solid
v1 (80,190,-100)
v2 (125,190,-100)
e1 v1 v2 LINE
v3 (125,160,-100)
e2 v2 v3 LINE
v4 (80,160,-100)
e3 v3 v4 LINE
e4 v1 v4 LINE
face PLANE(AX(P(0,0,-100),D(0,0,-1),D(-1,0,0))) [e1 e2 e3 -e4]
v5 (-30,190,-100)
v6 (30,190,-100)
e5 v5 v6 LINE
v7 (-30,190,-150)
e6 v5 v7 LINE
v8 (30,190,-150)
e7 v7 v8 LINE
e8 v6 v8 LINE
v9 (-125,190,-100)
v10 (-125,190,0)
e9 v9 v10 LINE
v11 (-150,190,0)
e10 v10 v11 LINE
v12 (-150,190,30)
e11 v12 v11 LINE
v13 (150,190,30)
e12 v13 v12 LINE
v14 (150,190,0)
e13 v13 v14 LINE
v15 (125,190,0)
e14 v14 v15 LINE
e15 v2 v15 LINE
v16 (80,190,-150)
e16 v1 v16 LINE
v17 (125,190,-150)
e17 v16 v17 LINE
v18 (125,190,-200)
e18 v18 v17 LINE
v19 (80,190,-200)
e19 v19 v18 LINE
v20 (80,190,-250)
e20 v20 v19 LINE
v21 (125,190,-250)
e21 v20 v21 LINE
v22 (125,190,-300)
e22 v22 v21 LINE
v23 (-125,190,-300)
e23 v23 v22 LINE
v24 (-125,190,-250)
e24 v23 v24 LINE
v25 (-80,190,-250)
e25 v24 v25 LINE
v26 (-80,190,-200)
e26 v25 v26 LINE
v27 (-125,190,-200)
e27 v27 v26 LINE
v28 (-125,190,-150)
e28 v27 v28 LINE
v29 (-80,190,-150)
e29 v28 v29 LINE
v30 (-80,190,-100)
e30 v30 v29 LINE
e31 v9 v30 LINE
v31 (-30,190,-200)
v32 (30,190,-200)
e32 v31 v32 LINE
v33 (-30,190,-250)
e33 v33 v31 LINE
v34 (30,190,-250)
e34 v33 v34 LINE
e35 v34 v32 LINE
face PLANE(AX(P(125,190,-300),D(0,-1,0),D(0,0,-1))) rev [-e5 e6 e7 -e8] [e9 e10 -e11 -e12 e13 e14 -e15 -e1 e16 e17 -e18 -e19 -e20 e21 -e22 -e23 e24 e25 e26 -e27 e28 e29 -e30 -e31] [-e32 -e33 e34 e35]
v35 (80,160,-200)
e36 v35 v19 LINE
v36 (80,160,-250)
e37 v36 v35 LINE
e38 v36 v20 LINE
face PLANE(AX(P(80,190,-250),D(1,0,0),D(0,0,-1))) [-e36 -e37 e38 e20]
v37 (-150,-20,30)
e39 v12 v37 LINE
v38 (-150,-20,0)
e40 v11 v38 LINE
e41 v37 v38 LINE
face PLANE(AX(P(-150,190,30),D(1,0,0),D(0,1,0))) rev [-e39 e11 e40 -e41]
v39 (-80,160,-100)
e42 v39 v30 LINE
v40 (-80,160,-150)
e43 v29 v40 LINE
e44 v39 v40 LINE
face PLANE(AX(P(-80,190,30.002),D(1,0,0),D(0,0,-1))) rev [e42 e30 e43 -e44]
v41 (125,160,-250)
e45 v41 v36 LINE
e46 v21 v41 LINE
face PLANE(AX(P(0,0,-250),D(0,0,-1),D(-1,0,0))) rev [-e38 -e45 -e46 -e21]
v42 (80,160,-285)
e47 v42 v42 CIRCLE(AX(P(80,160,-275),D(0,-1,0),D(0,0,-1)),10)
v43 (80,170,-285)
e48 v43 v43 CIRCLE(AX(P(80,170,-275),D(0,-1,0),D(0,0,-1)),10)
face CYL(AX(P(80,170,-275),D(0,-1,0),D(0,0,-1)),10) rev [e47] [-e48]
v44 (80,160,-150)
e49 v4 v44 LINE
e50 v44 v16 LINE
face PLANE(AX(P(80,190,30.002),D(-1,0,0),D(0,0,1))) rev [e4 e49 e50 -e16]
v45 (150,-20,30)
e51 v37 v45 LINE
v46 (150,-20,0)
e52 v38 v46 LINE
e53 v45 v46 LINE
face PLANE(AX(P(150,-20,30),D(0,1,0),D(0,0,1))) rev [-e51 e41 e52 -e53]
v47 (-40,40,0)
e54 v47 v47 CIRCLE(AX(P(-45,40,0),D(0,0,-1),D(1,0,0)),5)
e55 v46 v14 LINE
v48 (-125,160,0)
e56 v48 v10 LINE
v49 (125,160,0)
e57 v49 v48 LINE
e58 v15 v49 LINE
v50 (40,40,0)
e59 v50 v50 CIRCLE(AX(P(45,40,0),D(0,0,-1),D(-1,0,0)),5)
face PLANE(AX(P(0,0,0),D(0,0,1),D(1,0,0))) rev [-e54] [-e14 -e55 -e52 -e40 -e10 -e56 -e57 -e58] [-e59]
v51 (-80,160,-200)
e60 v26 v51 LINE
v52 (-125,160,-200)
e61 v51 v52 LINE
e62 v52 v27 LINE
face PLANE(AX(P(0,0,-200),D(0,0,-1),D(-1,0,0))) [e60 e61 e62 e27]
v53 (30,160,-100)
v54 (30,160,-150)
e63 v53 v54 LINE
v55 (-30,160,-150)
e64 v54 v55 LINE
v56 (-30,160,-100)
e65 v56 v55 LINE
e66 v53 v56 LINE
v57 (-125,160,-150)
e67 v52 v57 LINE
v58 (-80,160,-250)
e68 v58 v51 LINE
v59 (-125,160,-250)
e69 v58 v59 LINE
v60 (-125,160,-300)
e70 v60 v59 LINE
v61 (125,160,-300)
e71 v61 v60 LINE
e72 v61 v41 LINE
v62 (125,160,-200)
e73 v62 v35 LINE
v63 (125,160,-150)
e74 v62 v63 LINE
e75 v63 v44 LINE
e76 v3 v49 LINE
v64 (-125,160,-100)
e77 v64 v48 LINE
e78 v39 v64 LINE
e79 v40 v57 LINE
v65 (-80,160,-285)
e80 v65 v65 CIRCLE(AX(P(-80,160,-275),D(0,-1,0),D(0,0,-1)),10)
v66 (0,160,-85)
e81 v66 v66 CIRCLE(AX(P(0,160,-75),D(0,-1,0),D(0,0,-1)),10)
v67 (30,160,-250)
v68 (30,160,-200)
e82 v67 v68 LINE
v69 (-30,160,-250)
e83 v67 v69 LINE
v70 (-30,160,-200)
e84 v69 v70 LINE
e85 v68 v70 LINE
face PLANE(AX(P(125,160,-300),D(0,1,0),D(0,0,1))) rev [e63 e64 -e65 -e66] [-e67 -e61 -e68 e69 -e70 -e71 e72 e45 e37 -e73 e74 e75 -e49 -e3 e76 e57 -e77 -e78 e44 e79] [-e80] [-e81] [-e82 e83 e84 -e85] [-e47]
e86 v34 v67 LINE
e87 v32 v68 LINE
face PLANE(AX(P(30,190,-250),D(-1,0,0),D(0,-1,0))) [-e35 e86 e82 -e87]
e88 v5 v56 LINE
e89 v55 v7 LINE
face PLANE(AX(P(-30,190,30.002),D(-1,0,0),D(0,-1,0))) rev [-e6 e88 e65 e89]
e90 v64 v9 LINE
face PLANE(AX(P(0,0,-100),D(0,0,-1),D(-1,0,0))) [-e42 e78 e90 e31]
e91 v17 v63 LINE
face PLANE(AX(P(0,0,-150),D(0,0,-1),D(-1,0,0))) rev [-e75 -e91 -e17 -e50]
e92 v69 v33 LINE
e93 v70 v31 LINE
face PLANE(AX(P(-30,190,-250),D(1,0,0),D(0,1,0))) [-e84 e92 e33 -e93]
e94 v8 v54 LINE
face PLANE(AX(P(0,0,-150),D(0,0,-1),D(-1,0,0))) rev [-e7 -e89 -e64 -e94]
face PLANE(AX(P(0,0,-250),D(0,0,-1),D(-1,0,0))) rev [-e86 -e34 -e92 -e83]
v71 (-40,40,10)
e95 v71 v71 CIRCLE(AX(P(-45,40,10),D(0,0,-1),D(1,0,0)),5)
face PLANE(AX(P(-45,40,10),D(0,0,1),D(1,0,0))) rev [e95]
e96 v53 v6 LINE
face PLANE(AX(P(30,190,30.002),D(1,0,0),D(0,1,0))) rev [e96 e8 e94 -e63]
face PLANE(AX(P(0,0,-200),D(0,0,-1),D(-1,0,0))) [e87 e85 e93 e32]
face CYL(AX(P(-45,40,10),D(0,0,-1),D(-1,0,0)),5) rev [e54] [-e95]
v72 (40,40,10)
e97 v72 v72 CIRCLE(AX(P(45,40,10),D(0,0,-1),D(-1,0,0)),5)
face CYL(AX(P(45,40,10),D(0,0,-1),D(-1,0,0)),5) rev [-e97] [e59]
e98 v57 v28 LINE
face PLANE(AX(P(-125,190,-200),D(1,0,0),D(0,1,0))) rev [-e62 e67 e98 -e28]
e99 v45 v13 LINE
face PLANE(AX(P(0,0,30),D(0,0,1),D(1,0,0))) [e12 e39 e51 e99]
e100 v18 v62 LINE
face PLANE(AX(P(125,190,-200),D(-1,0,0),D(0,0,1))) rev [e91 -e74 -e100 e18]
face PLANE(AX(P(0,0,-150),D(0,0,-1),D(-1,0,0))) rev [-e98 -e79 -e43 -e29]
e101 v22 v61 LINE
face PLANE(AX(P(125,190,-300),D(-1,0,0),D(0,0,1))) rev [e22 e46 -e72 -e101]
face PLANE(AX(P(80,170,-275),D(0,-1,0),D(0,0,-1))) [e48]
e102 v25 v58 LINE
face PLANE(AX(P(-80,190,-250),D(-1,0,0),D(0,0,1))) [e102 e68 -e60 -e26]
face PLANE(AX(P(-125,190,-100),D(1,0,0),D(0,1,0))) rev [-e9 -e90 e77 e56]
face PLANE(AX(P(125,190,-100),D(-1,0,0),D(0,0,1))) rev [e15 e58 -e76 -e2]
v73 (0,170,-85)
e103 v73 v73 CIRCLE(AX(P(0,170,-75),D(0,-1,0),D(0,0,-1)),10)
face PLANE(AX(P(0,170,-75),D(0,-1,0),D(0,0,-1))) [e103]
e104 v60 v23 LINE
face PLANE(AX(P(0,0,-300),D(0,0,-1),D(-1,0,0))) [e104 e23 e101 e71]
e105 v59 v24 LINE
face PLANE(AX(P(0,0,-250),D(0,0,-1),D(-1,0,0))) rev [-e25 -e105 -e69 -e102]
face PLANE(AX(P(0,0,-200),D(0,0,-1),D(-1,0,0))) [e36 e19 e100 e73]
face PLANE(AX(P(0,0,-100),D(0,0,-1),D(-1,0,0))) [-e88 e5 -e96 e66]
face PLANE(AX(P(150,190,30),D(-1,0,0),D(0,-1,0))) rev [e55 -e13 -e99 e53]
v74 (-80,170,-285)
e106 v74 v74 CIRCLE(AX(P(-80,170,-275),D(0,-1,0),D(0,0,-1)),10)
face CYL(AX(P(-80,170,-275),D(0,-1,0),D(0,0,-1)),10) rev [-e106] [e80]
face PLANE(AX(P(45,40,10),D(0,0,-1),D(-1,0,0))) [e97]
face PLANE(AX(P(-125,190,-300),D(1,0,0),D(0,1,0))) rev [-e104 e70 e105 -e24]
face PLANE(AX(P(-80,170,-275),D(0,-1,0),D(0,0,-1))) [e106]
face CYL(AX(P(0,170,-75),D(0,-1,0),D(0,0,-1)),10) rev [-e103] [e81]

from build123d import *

# Parameters (mm, degrees)
SKETCH1_W           = 300
SKETCH1_H           = 380
BOSS_EXTRUDE1_DEPTH = 30
SKETCH3_W           = 250
SKETCH3_H           = 30
BOSS_EXTRUDE2_DEPTH = 100
BOSS_EXTRUDE3_START = 150
SKETCH3_2_W         = 250
SKETCH3_2_H         = 30
BOSS_EXTRUDE3_DEPTH = 50
BOSS_EXTRUDE4_START = 250
SKETCH3_3_W         = 250
SKETCH3_3_H         = 30
BOSS_EXTRUDE4_DEPTH = 50
BOSS_EXTRUDE5_REACH = 303.662
SKETCH4_W           = 50
SKETCH4_H           = 30
BOSS_EXTRUDE6_START = -50
SKETCH4_2_W         = 50
SKETCH4_2_H         = 30
BOSS_EXTRUDE6_DEPTH = 50
SKETCH5_R           = 10
CUT_EXTRUDE1_DEPTH  = 10
SKETCH6_R           = 5
CUT_EXTRUDE2_DEPTH  = 10
SKETCH7_W           = 300
SKETCH7_H           = 170
CUT_EXTRUDE3_DEPTH  = 30


with BuildPart() as part:
    # Sketch1 → Boss-Extrude1 (new body)
    with BuildSketch(Plane.XY):
        Rectangle(SKETCH1_W, SKETCH1_H)
    extrude(amount=BOSS_EXTRUDE1_DEPTH)

    # Sketch3 → Boss-Extrude2 (add)
    with BuildSketch(Plane(origin=(0, 0, 0), x_dir=(-1, 0, 0), z_dir=(0, 0, -1))):
        with Locations((0, 175)):
            Rectangle(SKETCH3_W, SKETCH3_H)
    extrude(amount=BOSS_EXTRUDE2_DEPTH)

    # Sketch4 → Boss-Extrude5 (add, up to next)
    with BuildSketch(Plane.XY.offset(-150), mode=Mode.PRIVATE) as boss_extrude5_sk1:
        with Locations((-55, 175)):
            Rectangle(SKETCH4_W, SKETCH4_H)
    boss_extrude5_tool1 = extrude(boss_extrude5_sk1.sketch, amount=BOSS_EXTRUDE5_REACH, mode=Mode.PRIVATE) - part.part
    # Sketch4 → Boss-Extrude5 (add, up to next)
    with BuildSketch(Plane.XY.offset(-150), mode=Mode.PRIVATE) as boss_extrude5_sk2:
        with Locations((55, 175)):
            Rectangle(SKETCH4_W, SKETCH4_H)
    boss_extrude5_tool2 = extrude(boss_extrude5_sk2.sketch, amount=BOSS_EXTRUDE5_REACH, mode=Mode.PRIVATE) - part.part


with BuildPart() as body_2:
    # Sketch3<2> → Boss-Extrude3 (new body)
    with BuildSketch(Plane(origin=(0, 0, 0), x_dir=(-1, 0, 0), z_dir=(0, 0, -1)).offset(BOSS_EXTRUDE3_START)):
        with Locations((0, 175)):
            Rectangle(SKETCH3_2_W, SKETCH3_2_H)
    extrude(amount=BOSS_EXTRUDE3_DEPTH)


with BuildPart() as body_3:
    # Sketch3<3> → Boss-Extrude4 (new body)
    with BuildSketch(Plane(origin=(0, 0, 0), x_dir=(-1, 0, 0), z_dir=(0, 0, -1)).offset(BOSS_EXTRUDE4_START)):
        with Locations((0, 175)):
            Rectangle(SKETCH3_3_W, SKETCH3_3_H)
    extrude(amount=BOSS_EXTRUDE4_DEPTH)


with BuildPart() as part_1:
    add(part.part)

    add(body_2.part)  # Boss-Extrude5 merges body 2
    add(boss_extrude5_tool1.solids().sort_by_distance((-55, 175, -150))[0])
    add(boss_extrude5_tool2.solids().sort_by_distance((55, 175, -150))[0])


    add(body_3.part)  # Boss-Extrude6 merges body 3
    # Sketch4<2> → Boss-Extrude6 (add)
    with BuildSketch(Plane.XY.offset(-150).offset(BOSS_EXTRUDE6_START)):
        with Locations((-55, 175)):
            Rectangle(SKETCH4_2_W, SKETCH4_2_H)
        with Locations((55, 175)):
            Rectangle(SKETCH4_2_W, SKETCH4_2_H)
    extrude(amount=-BOSS_EXTRUDE6_DEPTH)

    # Sketch5 → Cut-Extrude1 (cut)
    with BuildSketch(Plane.XZ.offset(-160)):
        with Locations((-80, -275)):
            Circle(SKETCH5_R)
        with Locations((80, -275)):
            Circle(SKETCH5_R)
        with Locations((0, -75)):
            Circle(SKETCH5_R)
    extrude(amount=-CUT_EXTRUDE1_DEPTH, mode=Mode.SUBTRACT)

    # Sketch6 → Cut-Extrude2 (cut)
    with BuildSketch(Plane(origin=(0, 0, 0), x_dir=(-1, 0, 0), z_dir=(0, 0, -1))):
        with Locations((-45, 40)):
            Circle(SKETCH6_R)
        with Locations((45, 40)):
            Circle(SKETCH6_R)
    extrude(amount=-CUT_EXTRUDE2_DEPTH, mode=Mode.SUBTRACT)

    # Sketch7 → Cut-Extrude3 (cut)
    with BuildSketch(Plane(origin=(0, 0, 0), x_dir=(-1, 0, 0), z_dir=(0, 0, -1))):
        with Locations((0, -105)):
            Rectangle(SKETCH7_W, SKETCH7_H)
    extrude(amount=-CUT_EXTRUDE3_DEPTH, mode=Mode.SUBTRACT)


solid = part_1.part
